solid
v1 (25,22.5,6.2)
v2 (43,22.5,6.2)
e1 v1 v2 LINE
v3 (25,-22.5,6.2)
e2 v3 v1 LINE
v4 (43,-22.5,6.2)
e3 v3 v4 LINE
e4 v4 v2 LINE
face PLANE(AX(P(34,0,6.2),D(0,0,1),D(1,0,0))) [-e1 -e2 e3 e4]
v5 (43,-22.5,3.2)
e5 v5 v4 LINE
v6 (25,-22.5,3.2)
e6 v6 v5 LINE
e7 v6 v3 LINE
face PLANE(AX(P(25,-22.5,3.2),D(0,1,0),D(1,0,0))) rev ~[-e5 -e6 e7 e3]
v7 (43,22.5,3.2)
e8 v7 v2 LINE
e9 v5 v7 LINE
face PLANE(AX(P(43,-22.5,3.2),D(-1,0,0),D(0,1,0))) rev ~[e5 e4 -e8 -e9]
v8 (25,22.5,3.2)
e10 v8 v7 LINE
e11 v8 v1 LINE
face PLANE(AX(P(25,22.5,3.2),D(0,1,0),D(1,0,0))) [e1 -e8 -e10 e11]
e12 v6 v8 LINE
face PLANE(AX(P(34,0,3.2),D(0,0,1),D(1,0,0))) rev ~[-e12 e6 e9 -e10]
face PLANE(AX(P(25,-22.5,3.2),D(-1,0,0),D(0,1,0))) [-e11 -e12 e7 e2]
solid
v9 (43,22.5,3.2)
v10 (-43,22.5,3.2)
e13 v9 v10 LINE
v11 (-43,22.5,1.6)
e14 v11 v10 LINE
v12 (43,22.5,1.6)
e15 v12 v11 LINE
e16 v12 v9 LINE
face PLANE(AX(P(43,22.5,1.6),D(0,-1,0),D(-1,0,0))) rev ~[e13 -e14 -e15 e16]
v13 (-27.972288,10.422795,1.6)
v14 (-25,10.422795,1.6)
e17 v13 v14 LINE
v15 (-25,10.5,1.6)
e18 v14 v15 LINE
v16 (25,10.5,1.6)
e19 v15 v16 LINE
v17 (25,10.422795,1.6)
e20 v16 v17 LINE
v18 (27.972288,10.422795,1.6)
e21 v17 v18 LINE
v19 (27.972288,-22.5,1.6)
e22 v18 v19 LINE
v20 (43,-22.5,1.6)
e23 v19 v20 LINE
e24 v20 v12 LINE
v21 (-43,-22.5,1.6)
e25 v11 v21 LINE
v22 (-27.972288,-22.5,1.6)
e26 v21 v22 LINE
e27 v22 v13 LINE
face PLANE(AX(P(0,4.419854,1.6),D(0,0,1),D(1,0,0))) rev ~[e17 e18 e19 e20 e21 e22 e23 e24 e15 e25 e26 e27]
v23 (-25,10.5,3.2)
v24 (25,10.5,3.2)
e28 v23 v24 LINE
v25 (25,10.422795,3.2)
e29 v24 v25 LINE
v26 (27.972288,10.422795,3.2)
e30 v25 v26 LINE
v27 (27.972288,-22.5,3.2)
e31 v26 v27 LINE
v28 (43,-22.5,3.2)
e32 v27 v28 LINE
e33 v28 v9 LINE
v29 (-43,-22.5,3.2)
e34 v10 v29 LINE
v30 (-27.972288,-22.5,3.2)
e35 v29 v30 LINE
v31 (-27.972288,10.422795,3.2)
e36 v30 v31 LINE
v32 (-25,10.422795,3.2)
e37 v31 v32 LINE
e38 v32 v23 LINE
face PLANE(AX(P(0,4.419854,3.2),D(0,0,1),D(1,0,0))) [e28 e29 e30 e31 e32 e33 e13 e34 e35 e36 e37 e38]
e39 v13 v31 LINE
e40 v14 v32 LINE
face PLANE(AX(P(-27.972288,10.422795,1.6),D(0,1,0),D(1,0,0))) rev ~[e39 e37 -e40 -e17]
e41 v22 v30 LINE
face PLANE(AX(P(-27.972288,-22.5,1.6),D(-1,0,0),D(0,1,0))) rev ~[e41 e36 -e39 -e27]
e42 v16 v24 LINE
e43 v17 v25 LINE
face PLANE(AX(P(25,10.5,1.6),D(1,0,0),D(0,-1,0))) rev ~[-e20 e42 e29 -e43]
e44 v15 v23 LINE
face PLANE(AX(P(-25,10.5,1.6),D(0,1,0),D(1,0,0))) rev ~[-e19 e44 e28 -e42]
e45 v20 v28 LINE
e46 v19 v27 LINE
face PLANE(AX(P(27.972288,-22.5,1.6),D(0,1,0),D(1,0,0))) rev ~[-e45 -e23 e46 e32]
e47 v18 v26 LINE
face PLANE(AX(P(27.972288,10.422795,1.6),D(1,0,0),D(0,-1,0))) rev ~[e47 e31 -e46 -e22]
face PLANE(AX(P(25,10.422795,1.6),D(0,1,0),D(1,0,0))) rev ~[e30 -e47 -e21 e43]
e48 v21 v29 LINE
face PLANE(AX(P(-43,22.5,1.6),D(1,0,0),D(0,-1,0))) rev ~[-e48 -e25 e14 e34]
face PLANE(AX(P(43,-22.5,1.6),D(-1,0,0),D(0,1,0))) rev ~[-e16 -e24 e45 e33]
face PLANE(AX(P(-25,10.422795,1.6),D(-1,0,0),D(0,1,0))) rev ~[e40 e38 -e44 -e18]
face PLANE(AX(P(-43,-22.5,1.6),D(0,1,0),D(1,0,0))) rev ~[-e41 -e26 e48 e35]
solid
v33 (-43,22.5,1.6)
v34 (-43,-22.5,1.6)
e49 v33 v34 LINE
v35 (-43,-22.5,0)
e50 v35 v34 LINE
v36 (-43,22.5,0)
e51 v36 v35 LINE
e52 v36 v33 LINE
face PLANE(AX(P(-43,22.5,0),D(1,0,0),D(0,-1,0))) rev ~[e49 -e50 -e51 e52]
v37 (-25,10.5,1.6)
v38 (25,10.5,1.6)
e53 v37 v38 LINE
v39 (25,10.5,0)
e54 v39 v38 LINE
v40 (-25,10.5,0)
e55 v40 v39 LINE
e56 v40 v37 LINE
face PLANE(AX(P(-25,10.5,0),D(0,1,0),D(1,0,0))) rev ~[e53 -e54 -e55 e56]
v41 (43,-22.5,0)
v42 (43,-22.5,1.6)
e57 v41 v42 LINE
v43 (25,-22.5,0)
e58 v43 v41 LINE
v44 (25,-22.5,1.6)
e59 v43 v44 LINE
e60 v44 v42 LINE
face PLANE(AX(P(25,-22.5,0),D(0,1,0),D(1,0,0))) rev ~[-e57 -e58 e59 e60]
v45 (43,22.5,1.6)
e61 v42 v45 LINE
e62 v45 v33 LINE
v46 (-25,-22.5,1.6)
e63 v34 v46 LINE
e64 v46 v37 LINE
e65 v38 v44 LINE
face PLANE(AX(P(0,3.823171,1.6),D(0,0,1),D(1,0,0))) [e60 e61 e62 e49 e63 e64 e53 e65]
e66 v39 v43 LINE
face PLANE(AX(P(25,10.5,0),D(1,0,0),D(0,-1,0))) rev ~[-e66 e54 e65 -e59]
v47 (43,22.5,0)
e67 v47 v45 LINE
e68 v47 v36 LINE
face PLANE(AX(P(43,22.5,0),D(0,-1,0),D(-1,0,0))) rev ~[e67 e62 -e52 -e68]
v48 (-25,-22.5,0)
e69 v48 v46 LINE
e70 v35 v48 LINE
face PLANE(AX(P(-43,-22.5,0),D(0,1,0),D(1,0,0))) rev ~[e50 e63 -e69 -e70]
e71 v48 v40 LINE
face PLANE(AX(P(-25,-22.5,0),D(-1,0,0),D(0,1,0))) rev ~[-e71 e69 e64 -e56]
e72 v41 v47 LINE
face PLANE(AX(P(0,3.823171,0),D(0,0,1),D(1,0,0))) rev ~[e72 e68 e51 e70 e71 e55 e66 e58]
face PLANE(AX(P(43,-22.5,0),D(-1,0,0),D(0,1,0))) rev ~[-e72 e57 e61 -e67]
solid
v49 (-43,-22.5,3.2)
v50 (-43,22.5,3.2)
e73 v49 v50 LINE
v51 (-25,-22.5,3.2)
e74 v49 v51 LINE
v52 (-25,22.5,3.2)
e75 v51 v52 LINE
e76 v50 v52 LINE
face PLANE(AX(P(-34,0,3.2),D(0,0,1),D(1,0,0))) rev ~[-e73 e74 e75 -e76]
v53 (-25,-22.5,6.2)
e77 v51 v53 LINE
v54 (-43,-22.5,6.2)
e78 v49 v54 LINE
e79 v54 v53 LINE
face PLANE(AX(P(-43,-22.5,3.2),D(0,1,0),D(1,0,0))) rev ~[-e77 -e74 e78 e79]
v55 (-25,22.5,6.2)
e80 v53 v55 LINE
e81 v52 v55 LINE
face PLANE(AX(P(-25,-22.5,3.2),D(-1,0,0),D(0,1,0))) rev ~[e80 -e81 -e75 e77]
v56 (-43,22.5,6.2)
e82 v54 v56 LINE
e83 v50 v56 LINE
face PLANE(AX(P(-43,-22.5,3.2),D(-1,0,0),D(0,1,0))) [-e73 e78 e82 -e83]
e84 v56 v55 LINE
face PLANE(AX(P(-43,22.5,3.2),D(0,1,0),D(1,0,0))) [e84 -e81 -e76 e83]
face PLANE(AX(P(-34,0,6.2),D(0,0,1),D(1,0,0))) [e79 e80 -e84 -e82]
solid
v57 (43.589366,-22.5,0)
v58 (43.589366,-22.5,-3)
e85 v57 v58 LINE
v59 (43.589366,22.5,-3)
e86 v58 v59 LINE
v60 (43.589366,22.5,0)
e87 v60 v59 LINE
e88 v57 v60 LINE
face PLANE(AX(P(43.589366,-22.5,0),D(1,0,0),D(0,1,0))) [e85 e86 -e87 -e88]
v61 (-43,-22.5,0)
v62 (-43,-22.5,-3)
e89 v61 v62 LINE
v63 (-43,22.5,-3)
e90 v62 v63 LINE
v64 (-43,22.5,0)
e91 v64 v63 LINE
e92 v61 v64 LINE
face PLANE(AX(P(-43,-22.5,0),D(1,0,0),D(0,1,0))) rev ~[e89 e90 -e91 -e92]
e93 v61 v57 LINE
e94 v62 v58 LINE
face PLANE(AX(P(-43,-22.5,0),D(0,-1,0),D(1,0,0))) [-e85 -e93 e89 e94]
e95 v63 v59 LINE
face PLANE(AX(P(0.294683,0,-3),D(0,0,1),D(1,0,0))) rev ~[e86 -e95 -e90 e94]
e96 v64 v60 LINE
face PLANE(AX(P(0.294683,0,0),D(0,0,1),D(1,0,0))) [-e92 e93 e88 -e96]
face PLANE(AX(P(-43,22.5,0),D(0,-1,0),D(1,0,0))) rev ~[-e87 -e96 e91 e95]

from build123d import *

# Parameters (mm, degrees)
F1_DEPTH = 1.6
F3_DEPTH = 1.6
F4_W     = 18
F4_H     = 45
F5_DEPTH = 3
F6_W     = 86.589366
F6_H     = 45
F7_DEPTH = 3


with BuildPart() as f1:
    # F0 (on Top) → F1 (new body)
    with BuildSketch(Plane.XY):
        Polygon((43, -22.5), (43, 22.5), (-43, 22.5), (-43, -22.5), (-25, -22.5), (-25, 10.5), (25, 10.5), (25, -22.5), align=None)
    extrude(amount=F1_DEPTH)


with BuildPart() as f3:
    # F2 (on face) → F3 (new body)
    with BuildSketch(Plane.XY.offset(1.6)):
        Polygon((43, -22.5), (43, 22.5), (-43, 22.5), (-43, -22.5), (-27.972288, -22.5), (-27.972288, 10.422795), (-25, 10.422795), (-25, 10.5), (25, 10.5), (25, 10.422795), (27.972288, 10.422795), (27.972288, -22.5), align=None)
    extrude(amount=F3_DEPTH)


with BuildPart() as f5:
    # F4 (on face) → F5 (new body)
    with BuildSketch(Plane.XY.offset(3.2)):
        with Locations((-34, 0)):
            Rectangle(F4_W, F4_H)
        with Locations((34, 0)):
            Rectangle(F4_W, F4_H)
    extrude(amount=F5_DEPTH)


with BuildPart() as f7:
    # F6 (on Top) → F7 (new body)
    with BuildSketch(Plane.XY):
        with Locations((0.294683, 0)):
            Rectangle(F6_W, F6_H)
    extrude(amount=-F7_DEPTH)


solid = Compound([f1.part, f3.part, f5.part, f7.part])
